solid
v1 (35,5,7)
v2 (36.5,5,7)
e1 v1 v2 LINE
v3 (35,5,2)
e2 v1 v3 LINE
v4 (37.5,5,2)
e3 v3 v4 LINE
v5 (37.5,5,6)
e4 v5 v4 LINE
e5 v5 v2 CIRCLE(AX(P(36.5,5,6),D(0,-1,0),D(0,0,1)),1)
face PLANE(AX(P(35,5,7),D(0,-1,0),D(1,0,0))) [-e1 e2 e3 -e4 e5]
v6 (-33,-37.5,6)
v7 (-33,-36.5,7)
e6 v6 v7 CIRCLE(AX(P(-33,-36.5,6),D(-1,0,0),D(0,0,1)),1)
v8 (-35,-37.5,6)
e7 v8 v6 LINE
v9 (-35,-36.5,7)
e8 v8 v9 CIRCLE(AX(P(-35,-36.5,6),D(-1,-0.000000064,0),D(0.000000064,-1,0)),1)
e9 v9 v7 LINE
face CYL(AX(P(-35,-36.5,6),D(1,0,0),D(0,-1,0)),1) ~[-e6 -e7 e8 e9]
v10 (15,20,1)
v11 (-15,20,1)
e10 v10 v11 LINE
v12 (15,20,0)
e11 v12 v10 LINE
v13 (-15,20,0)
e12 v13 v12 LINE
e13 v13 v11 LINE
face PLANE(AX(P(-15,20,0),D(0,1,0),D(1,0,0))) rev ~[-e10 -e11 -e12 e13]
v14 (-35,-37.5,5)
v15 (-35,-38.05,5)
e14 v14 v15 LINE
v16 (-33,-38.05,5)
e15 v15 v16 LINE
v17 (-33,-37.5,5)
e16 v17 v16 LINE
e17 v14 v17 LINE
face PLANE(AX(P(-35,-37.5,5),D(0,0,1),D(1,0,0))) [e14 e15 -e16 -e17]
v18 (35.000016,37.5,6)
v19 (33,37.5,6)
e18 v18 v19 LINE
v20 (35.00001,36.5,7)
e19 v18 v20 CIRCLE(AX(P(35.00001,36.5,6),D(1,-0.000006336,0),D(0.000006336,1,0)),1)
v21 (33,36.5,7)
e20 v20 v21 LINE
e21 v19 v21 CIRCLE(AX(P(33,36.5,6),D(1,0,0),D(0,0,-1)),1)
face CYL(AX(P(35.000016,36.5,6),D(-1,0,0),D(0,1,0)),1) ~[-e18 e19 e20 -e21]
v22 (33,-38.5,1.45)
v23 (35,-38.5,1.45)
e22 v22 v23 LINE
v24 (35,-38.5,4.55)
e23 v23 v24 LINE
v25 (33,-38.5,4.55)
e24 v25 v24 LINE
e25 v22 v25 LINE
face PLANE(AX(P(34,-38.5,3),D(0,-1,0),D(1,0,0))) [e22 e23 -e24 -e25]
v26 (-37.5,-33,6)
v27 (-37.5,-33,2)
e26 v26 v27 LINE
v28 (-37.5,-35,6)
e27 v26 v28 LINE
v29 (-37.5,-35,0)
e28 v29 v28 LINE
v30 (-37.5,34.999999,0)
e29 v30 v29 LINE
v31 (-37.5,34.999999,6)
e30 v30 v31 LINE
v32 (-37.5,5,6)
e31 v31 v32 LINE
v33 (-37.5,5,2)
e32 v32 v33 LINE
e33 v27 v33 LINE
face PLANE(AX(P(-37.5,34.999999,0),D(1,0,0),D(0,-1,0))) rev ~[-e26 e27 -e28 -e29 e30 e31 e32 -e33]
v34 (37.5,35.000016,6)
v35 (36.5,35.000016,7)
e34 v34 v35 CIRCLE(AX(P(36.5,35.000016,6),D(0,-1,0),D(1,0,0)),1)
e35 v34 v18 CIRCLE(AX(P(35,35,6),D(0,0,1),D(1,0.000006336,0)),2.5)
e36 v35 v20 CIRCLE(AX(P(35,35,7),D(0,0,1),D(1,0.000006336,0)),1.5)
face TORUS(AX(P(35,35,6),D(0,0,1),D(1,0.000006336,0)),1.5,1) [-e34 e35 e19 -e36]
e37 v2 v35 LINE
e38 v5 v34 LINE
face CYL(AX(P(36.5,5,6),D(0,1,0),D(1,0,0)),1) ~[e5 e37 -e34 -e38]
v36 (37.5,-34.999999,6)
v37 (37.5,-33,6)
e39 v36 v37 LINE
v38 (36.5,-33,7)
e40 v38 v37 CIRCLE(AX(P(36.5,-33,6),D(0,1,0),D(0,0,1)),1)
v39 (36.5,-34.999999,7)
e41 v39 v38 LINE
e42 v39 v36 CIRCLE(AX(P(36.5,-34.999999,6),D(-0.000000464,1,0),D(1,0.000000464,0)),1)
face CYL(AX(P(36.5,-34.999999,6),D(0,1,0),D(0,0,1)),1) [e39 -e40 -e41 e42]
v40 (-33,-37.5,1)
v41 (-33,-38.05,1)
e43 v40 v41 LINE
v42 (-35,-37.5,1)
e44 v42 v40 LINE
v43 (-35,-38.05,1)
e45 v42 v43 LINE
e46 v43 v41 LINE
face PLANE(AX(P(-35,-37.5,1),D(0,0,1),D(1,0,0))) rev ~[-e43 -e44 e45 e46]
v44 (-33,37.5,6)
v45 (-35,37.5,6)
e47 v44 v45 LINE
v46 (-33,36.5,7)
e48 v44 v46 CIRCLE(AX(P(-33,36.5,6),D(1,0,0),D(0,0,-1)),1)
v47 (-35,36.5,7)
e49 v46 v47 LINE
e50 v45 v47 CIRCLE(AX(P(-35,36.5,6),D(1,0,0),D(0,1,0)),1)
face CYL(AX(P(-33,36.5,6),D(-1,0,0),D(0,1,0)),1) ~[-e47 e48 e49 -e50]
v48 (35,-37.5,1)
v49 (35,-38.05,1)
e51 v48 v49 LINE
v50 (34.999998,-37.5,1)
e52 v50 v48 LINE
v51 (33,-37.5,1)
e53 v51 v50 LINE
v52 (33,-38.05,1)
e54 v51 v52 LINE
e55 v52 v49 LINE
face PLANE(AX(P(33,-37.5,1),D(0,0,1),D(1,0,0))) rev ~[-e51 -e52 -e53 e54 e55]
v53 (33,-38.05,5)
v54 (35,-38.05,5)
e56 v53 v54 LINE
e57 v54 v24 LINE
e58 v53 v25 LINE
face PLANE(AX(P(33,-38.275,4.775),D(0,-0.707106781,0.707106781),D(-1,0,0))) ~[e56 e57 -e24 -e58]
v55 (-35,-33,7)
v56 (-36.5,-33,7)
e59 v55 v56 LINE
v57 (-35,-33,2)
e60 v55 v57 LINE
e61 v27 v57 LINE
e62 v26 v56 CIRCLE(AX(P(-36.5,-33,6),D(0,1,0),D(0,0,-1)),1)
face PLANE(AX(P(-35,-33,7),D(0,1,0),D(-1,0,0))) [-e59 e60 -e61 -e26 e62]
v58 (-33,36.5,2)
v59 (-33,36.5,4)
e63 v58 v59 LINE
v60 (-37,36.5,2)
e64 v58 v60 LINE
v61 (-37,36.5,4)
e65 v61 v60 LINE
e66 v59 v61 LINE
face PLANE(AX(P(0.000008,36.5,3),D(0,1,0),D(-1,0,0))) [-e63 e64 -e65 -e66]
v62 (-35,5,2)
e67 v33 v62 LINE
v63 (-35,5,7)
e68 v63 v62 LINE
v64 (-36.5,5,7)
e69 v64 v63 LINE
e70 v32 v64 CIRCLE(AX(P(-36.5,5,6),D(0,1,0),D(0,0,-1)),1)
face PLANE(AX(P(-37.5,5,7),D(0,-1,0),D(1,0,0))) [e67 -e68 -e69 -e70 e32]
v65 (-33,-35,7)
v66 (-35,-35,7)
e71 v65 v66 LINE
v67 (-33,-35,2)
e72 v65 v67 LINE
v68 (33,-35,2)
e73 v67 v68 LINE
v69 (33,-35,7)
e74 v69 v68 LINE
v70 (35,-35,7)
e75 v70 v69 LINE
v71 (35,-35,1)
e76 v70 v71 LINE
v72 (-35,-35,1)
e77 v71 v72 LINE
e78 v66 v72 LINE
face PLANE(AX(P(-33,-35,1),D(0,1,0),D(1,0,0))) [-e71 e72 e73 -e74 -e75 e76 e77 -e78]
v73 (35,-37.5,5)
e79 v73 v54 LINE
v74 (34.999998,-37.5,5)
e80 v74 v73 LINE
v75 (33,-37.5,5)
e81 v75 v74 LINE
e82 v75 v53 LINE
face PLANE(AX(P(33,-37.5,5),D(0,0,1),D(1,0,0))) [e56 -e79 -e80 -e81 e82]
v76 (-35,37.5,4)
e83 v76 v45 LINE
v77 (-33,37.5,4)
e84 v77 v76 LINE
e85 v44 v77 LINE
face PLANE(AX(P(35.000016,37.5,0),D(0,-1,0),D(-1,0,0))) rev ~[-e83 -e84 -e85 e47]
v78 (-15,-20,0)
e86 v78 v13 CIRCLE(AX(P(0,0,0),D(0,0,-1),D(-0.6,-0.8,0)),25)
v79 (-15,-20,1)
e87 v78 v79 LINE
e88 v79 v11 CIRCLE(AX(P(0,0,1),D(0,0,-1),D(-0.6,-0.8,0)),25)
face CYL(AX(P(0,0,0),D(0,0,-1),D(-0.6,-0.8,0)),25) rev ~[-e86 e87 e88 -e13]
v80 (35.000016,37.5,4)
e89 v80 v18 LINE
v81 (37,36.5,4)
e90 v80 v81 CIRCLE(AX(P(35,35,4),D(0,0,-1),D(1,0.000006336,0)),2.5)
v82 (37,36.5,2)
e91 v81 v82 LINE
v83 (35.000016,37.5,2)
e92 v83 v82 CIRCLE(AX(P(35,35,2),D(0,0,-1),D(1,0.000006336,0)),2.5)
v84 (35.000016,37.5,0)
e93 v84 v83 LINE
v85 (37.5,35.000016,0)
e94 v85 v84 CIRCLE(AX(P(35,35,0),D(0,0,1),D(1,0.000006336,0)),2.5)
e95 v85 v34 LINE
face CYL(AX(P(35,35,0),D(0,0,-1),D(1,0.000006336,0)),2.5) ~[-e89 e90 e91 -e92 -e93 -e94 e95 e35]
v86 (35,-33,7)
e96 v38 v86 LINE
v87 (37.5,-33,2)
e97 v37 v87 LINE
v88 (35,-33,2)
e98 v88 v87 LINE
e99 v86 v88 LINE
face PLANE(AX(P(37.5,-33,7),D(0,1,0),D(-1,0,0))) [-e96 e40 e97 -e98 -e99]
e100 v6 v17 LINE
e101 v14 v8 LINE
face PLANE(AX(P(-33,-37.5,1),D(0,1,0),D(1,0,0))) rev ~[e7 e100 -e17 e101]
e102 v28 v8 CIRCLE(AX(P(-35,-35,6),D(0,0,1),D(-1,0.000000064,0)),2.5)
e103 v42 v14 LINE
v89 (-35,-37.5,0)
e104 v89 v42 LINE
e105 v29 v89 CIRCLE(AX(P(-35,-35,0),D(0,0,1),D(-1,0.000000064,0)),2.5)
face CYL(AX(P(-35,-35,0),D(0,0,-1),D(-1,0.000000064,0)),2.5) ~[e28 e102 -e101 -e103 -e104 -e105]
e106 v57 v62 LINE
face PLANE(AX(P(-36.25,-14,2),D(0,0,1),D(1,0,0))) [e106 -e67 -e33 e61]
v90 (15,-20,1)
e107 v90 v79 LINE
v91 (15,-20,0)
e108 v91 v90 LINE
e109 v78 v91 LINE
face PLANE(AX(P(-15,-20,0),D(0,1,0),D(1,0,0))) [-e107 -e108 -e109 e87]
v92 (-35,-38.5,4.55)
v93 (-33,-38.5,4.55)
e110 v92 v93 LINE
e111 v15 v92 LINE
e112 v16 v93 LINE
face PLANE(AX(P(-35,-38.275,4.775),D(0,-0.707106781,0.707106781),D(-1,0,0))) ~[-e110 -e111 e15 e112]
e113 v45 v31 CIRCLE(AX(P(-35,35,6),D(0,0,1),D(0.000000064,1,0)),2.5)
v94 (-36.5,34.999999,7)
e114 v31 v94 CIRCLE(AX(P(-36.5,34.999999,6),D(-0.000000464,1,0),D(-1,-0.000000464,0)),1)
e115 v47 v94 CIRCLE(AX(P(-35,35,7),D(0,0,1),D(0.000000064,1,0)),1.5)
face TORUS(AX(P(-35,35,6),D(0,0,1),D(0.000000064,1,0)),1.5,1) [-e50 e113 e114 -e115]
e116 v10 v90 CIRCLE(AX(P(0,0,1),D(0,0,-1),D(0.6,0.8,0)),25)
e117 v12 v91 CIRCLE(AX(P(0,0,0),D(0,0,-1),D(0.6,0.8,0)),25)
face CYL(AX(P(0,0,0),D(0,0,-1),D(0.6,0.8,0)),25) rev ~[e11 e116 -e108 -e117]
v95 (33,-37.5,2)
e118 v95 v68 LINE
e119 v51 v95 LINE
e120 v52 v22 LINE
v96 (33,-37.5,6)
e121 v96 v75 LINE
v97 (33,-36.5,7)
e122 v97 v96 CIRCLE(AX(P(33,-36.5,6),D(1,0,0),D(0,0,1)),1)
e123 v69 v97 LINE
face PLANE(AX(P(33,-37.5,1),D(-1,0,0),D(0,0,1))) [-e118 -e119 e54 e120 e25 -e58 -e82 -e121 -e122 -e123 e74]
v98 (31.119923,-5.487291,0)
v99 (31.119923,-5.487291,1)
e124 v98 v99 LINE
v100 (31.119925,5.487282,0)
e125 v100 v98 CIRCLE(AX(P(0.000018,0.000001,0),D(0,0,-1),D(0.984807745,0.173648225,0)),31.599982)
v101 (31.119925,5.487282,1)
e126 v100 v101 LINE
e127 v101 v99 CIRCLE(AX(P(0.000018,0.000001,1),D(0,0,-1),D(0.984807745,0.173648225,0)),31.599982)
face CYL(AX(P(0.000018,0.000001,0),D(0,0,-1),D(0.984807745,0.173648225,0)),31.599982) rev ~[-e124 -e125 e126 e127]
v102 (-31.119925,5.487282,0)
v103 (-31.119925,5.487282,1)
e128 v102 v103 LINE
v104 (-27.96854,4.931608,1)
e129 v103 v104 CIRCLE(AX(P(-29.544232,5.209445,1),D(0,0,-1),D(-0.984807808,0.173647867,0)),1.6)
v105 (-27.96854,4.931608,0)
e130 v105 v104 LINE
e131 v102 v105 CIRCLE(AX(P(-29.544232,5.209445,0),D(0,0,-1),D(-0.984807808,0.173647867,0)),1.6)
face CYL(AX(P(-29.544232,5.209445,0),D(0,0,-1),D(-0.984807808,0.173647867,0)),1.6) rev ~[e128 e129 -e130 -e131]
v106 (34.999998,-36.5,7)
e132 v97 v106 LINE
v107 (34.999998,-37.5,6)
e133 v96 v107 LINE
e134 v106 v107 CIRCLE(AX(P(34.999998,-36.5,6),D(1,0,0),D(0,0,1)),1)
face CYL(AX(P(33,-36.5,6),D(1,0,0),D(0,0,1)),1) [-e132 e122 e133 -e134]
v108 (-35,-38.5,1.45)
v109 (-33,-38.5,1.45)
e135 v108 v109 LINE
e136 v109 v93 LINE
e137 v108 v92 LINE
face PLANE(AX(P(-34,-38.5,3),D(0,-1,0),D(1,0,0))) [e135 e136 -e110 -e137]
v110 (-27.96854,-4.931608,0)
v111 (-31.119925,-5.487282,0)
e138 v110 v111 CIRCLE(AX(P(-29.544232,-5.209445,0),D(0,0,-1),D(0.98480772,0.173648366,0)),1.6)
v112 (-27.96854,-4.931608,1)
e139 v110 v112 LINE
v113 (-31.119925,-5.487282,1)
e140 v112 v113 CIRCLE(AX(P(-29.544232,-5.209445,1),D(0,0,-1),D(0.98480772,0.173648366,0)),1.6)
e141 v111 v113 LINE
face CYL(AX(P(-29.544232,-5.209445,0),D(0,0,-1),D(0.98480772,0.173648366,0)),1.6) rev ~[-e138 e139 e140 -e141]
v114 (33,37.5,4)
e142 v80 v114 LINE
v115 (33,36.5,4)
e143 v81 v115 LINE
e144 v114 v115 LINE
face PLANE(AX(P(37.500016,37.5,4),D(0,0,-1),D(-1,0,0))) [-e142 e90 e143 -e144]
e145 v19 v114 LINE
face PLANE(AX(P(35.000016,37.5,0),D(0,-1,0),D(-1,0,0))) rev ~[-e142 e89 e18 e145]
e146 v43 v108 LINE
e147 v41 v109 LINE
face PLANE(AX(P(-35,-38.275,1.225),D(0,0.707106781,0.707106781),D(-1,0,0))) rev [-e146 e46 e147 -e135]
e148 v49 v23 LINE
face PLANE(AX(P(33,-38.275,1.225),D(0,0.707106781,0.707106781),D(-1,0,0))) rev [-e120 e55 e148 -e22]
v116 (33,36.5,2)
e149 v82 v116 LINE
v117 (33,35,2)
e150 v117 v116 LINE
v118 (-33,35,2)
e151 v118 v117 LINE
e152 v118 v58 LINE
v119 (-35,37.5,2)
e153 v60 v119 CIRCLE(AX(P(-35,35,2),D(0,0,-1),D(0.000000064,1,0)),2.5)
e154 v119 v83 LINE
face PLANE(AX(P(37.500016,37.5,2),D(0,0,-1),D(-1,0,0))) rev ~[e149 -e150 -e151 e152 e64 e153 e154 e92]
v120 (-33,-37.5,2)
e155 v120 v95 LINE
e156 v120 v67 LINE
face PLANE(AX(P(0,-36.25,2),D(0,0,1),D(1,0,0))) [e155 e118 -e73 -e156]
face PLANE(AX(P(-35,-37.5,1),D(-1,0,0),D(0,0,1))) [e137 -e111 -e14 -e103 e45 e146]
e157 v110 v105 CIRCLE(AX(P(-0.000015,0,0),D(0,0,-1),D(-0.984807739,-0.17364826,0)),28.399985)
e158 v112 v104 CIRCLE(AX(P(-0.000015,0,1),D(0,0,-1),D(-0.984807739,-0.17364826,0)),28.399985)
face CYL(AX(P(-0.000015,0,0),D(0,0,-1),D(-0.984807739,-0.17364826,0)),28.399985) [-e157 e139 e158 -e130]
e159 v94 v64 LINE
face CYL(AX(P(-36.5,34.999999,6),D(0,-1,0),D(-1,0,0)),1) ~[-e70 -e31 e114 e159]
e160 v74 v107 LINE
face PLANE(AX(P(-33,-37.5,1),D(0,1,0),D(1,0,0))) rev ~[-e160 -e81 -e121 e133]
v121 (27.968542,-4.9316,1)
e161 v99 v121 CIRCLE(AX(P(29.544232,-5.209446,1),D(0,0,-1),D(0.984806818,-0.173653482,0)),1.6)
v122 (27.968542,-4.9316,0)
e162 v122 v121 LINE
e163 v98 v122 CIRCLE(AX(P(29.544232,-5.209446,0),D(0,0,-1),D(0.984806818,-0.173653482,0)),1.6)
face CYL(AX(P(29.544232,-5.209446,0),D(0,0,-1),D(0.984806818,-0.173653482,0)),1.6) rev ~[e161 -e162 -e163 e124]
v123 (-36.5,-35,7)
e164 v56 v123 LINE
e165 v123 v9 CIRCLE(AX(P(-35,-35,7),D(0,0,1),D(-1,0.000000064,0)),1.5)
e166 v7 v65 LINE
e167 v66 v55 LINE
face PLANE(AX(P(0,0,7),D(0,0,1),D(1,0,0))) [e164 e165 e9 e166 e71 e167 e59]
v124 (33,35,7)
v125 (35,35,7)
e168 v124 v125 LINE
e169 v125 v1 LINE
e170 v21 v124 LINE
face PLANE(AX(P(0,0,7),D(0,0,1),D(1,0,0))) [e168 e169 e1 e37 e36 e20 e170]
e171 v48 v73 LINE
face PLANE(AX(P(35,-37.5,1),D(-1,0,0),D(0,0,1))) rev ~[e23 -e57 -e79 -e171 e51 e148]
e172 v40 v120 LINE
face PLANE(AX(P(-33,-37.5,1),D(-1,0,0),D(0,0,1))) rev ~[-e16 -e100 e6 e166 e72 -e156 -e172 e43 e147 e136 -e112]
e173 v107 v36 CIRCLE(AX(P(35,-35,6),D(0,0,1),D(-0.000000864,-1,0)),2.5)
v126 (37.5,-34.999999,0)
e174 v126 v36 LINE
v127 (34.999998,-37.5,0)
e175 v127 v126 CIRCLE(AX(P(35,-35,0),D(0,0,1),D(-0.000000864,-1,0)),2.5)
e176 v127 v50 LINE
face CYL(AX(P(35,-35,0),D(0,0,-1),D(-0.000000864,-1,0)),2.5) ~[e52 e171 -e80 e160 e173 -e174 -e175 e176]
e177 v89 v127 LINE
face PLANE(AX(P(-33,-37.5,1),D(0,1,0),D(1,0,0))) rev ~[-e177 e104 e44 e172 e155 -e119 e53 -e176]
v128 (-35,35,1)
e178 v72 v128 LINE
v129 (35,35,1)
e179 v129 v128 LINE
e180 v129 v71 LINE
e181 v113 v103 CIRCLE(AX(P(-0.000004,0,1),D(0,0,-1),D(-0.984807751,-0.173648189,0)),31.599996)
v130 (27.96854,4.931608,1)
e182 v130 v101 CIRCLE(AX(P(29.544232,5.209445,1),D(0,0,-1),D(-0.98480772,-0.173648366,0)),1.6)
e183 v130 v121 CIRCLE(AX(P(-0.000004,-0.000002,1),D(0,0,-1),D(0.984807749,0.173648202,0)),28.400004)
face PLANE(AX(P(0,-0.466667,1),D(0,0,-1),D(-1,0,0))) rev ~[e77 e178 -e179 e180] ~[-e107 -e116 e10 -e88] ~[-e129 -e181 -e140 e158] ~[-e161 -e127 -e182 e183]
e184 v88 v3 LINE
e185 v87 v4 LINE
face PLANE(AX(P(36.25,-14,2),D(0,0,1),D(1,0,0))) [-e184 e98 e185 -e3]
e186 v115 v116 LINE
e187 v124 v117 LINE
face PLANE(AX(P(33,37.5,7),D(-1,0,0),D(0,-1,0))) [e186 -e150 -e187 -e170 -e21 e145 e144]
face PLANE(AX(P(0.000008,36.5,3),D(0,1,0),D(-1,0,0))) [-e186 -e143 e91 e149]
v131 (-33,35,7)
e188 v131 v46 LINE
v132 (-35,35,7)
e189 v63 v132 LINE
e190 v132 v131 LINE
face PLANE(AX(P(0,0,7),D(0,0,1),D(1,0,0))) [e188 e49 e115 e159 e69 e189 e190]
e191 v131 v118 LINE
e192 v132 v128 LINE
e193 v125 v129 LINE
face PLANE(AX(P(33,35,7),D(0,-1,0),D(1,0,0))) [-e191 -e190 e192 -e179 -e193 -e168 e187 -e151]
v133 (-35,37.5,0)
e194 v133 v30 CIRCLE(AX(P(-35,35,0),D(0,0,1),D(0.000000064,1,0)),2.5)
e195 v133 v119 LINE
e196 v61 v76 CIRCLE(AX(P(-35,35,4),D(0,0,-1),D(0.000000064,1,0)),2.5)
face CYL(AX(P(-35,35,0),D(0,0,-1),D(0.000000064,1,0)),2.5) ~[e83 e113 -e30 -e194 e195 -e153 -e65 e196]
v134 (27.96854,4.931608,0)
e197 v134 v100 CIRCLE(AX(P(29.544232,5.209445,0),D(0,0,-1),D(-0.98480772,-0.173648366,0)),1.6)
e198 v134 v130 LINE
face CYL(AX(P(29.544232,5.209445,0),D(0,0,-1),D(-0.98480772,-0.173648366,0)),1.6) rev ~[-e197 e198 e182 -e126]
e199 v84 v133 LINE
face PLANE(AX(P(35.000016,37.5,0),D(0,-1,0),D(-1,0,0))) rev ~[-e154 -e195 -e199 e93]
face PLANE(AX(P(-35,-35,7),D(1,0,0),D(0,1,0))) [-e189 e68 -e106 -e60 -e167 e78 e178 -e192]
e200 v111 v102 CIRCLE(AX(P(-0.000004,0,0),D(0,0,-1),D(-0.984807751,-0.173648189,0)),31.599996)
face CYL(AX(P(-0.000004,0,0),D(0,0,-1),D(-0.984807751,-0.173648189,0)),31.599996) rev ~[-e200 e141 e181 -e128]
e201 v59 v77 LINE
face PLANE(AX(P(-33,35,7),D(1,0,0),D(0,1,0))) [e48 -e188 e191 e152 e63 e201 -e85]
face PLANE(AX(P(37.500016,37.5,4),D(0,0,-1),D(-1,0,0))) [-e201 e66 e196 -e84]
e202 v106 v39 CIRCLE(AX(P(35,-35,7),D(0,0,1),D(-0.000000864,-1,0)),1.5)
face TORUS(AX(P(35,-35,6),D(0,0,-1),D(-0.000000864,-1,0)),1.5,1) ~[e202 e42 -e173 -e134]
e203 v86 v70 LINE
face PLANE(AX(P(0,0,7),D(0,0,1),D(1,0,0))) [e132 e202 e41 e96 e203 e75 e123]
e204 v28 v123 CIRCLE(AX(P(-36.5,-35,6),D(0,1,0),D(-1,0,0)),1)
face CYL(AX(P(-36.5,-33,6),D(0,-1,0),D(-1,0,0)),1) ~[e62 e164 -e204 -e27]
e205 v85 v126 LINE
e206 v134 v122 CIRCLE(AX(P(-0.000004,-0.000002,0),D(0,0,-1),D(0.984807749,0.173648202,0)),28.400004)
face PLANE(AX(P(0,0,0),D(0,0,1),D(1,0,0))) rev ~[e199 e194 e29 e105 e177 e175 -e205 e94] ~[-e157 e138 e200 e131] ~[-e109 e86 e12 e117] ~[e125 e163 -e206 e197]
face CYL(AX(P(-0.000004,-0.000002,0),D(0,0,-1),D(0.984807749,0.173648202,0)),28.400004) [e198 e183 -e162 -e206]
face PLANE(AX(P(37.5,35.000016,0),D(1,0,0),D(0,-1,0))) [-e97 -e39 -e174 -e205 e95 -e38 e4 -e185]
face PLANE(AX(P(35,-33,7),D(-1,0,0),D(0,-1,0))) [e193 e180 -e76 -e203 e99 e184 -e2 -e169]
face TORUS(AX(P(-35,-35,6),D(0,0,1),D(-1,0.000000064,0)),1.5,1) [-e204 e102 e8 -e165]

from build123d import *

# Parameters (mm, degrees)
PAD003_DEPTH    = 7
POCKET002_DEPTH = 7
POCKET008_DEPTH = 10
POCKET009_DEPTH = 6
SKETCH020_W     = 66
SKETCH020_H     = 2.5
SKETCH020_W_2   = 2.5
SKETCH020_H_2   = 38
PAD009_DEPTH    = 1
SKETCH021_W     = 2
SKETCH021_H     = 4
PAD010_DEPTH    = 1
CHAMFER_SIZE    = 0.45
FILLET001_R     = 1
SKETCH022_W     = 75.000016
SKETCH022_H     = 2
POCKET010_DEPTH = 1


with BuildPart() as part:
    # Sketch006 → Pad003 (new body)
    with BuildSketch(Plane.XY):
        with BuildLine():
            Line((-35, -37.5), (34.999998, -37.5))
            ThreePointArc((34.999998, -37.5), (36.767767, -36.767767), (37.5, -34.999999))
            Line((37.5, 35.000016), (37.5, -34.999999))
            ThreePointArc((37.5, 35.000016), (36.767767, 36.767767), (35.000016, 37.5))
            Line((35.000016, 37.5), (-35, 37.5))
            ThreePointArc((-35, 37.5), (-36.767767, 36.767767), (-37.5, 34.999999))
            Line((-37.5, 34.999999), (-37.5, -35))
            ThreePointArc((-37.5, -35), (-36.767767, -36.767767), (-35, -37.5))
        make_face()
    extrude(amount=PAD003_DEPTH)

    # Sketch007 → Pocket002 (cut)
    with BuildSketch(Plane(origin=(0, 0, 0), x_dir=(1, 0, 0), z_dir=(0, 0, -1))):
        with BuildLine():
            Line((-15, 20), (15, 20))
            ThreePointArc((15, -20), (25, 0), (15, 20))
            Line((-15, -20), (15, -20))
            ThreePointArc((-15, 20), (-25, 0), (-15, -20))
        make_face()
    extrude(amount=-POCKET002_DEPTH, mode=Mode.SUBTRACT)

    # Sketch009 → Pocket008 (cut)
    with BuildSketch(Plane(origin=(0, 0, 0), x_dir=(1, 0, 0), z_dir=(0, 0, -1))):
        with BuildLine():
            ThreePointArc((-27.96854, 4.931608), (-28.4, 0), (-27.96854, -4.931608))
            ThreePointArc((-31.119925, -5.487282), (-29.266396, -6.785138), (-27.96854, -4.931608))
            ThreePointArc((-31.119925, 5.487282), (-31.6, 0), (-31.119925, -5.487282))
            ThreePointArc((-27.96854, 4.931608), (-29.266396, 6.785138), (-31.119925, 5.487282))
        make_face()
        with BuildLine():
            ThreePointArc((27.96854, -4.931608), (28.4, -4e-06), (27.968542, 4.9316))
            ThreePointArc((31.119923, 5.487291), (29.266387, 6.785136), (27.968542, 4.9316))
            ThreePointArc((31.119925, -5.487282), (31.6, 5e-06), (31.119923, 5.487291))
            ThreePointArc((27.96854, -4.931608), (29.266396, -6.785138), (31.119925, -5.487282))
        make_face()
    extrude(amount=-POCKET008_DEPTH, mode=Mode.SUBTRACT)

    # Sketch019 → Pocket009 (cut)
    with BuildSketch(Plane.XY.offset(7)):
        Polygon((35, -35), (33, -35), (33, -37.5), (-33, -37.5), (-33, -35), (-35, -35), (-35, -33), (-37.5, -33), (-37.5, 5), (-35, 5), (-35, 35), (-33, 35), (-33, 37.5), (33, 37.5), (33, 35), (35, 35), (35, 5), (37.5, 5), (37.5, -33), (35, -33), align=None)
    extrude(amount=-POCKET009_DEPTH, mode=Mode.SUBTRACT)

    # Sketch020 → Pad009 (new body)
    with BuildSketch(Plane.XY.offset(1)):
        with Locations((0, -36.25)):
            Rectangle(SKETCH020_W, SKETCH020_H)
        with Locations((36.25, -14)):
            Rectangle(SKETCH020_W_2, SKETCH020_H_2)
        with Locations((0, 36.25)):
            Rectangle(SKETCH020_W, SKETCH020_H)
        with Locations((-36.25, -14)):
            Rectangle(SKETCH020_W_2, SKETCH020_H_2)
    extrude(amount=PAD009_DEPTH)

    # Sketch021 → Pad010 (new body)
    with BuildSketch(Plane.XZ.offset(37.5)):
        with Locations((-34, 3)):
            Rectangle(SKETCH021_W, SKETCH021_H)
        with Locations((34, 3)):
            Rectangle(SKETCH021_W, SKETCH021_H)
    extrude(amount=PAD010_DEPTH)

    # Chamfer
    chamfer_edges = [part.edges().sort_by_distance(p)[0] for p in [
        (-34, -38.5, 5),
        (-34, -38.5, 1),
        (34, -38.5, 5),
        (34, -38.5, 1),
    ]]
    chamfer(chamfer_edges, length=CHAMFER_SIZE)

    # Fillet001
    fillet001_edges = [part.edges().sort_by_distance(p)[0] for p in [
        (-37.5, -34, 7),
        (-36.767767, -36.767767, 7),
        (-34, -37.5, 7),
        (33.999999, -37.5, 7),
        (36.767767, -36.767767, 7),
        (37.5, -34, 7),
        (-37.5, 20, 7),
        (-36.767767, 36.767767, 7),
        (-34, 37.5, 7),
        (34.000008, 37.5, 7),
        (36.767767, 36.767767, 7),
        (37.5, 20.000008, 7),
    ]]
    fillet(fillet001_edges, radius=FILLET001_R)

    # Sketch022 → Pocket010 (cut)
    with BuildSketch(Plane(origin=(0, 37.5, 0), x_dir=(-1, 0, 0), z_dir=(0, 1, 0))):
        with Locations((-8e-06, 3)):
            Rectangle(SKETCH022_W, SKETCH022_H)
    extrude(amount=-POCKET010_DEPTH, mode=Mode.SUBTRACT)


solid = part.part
